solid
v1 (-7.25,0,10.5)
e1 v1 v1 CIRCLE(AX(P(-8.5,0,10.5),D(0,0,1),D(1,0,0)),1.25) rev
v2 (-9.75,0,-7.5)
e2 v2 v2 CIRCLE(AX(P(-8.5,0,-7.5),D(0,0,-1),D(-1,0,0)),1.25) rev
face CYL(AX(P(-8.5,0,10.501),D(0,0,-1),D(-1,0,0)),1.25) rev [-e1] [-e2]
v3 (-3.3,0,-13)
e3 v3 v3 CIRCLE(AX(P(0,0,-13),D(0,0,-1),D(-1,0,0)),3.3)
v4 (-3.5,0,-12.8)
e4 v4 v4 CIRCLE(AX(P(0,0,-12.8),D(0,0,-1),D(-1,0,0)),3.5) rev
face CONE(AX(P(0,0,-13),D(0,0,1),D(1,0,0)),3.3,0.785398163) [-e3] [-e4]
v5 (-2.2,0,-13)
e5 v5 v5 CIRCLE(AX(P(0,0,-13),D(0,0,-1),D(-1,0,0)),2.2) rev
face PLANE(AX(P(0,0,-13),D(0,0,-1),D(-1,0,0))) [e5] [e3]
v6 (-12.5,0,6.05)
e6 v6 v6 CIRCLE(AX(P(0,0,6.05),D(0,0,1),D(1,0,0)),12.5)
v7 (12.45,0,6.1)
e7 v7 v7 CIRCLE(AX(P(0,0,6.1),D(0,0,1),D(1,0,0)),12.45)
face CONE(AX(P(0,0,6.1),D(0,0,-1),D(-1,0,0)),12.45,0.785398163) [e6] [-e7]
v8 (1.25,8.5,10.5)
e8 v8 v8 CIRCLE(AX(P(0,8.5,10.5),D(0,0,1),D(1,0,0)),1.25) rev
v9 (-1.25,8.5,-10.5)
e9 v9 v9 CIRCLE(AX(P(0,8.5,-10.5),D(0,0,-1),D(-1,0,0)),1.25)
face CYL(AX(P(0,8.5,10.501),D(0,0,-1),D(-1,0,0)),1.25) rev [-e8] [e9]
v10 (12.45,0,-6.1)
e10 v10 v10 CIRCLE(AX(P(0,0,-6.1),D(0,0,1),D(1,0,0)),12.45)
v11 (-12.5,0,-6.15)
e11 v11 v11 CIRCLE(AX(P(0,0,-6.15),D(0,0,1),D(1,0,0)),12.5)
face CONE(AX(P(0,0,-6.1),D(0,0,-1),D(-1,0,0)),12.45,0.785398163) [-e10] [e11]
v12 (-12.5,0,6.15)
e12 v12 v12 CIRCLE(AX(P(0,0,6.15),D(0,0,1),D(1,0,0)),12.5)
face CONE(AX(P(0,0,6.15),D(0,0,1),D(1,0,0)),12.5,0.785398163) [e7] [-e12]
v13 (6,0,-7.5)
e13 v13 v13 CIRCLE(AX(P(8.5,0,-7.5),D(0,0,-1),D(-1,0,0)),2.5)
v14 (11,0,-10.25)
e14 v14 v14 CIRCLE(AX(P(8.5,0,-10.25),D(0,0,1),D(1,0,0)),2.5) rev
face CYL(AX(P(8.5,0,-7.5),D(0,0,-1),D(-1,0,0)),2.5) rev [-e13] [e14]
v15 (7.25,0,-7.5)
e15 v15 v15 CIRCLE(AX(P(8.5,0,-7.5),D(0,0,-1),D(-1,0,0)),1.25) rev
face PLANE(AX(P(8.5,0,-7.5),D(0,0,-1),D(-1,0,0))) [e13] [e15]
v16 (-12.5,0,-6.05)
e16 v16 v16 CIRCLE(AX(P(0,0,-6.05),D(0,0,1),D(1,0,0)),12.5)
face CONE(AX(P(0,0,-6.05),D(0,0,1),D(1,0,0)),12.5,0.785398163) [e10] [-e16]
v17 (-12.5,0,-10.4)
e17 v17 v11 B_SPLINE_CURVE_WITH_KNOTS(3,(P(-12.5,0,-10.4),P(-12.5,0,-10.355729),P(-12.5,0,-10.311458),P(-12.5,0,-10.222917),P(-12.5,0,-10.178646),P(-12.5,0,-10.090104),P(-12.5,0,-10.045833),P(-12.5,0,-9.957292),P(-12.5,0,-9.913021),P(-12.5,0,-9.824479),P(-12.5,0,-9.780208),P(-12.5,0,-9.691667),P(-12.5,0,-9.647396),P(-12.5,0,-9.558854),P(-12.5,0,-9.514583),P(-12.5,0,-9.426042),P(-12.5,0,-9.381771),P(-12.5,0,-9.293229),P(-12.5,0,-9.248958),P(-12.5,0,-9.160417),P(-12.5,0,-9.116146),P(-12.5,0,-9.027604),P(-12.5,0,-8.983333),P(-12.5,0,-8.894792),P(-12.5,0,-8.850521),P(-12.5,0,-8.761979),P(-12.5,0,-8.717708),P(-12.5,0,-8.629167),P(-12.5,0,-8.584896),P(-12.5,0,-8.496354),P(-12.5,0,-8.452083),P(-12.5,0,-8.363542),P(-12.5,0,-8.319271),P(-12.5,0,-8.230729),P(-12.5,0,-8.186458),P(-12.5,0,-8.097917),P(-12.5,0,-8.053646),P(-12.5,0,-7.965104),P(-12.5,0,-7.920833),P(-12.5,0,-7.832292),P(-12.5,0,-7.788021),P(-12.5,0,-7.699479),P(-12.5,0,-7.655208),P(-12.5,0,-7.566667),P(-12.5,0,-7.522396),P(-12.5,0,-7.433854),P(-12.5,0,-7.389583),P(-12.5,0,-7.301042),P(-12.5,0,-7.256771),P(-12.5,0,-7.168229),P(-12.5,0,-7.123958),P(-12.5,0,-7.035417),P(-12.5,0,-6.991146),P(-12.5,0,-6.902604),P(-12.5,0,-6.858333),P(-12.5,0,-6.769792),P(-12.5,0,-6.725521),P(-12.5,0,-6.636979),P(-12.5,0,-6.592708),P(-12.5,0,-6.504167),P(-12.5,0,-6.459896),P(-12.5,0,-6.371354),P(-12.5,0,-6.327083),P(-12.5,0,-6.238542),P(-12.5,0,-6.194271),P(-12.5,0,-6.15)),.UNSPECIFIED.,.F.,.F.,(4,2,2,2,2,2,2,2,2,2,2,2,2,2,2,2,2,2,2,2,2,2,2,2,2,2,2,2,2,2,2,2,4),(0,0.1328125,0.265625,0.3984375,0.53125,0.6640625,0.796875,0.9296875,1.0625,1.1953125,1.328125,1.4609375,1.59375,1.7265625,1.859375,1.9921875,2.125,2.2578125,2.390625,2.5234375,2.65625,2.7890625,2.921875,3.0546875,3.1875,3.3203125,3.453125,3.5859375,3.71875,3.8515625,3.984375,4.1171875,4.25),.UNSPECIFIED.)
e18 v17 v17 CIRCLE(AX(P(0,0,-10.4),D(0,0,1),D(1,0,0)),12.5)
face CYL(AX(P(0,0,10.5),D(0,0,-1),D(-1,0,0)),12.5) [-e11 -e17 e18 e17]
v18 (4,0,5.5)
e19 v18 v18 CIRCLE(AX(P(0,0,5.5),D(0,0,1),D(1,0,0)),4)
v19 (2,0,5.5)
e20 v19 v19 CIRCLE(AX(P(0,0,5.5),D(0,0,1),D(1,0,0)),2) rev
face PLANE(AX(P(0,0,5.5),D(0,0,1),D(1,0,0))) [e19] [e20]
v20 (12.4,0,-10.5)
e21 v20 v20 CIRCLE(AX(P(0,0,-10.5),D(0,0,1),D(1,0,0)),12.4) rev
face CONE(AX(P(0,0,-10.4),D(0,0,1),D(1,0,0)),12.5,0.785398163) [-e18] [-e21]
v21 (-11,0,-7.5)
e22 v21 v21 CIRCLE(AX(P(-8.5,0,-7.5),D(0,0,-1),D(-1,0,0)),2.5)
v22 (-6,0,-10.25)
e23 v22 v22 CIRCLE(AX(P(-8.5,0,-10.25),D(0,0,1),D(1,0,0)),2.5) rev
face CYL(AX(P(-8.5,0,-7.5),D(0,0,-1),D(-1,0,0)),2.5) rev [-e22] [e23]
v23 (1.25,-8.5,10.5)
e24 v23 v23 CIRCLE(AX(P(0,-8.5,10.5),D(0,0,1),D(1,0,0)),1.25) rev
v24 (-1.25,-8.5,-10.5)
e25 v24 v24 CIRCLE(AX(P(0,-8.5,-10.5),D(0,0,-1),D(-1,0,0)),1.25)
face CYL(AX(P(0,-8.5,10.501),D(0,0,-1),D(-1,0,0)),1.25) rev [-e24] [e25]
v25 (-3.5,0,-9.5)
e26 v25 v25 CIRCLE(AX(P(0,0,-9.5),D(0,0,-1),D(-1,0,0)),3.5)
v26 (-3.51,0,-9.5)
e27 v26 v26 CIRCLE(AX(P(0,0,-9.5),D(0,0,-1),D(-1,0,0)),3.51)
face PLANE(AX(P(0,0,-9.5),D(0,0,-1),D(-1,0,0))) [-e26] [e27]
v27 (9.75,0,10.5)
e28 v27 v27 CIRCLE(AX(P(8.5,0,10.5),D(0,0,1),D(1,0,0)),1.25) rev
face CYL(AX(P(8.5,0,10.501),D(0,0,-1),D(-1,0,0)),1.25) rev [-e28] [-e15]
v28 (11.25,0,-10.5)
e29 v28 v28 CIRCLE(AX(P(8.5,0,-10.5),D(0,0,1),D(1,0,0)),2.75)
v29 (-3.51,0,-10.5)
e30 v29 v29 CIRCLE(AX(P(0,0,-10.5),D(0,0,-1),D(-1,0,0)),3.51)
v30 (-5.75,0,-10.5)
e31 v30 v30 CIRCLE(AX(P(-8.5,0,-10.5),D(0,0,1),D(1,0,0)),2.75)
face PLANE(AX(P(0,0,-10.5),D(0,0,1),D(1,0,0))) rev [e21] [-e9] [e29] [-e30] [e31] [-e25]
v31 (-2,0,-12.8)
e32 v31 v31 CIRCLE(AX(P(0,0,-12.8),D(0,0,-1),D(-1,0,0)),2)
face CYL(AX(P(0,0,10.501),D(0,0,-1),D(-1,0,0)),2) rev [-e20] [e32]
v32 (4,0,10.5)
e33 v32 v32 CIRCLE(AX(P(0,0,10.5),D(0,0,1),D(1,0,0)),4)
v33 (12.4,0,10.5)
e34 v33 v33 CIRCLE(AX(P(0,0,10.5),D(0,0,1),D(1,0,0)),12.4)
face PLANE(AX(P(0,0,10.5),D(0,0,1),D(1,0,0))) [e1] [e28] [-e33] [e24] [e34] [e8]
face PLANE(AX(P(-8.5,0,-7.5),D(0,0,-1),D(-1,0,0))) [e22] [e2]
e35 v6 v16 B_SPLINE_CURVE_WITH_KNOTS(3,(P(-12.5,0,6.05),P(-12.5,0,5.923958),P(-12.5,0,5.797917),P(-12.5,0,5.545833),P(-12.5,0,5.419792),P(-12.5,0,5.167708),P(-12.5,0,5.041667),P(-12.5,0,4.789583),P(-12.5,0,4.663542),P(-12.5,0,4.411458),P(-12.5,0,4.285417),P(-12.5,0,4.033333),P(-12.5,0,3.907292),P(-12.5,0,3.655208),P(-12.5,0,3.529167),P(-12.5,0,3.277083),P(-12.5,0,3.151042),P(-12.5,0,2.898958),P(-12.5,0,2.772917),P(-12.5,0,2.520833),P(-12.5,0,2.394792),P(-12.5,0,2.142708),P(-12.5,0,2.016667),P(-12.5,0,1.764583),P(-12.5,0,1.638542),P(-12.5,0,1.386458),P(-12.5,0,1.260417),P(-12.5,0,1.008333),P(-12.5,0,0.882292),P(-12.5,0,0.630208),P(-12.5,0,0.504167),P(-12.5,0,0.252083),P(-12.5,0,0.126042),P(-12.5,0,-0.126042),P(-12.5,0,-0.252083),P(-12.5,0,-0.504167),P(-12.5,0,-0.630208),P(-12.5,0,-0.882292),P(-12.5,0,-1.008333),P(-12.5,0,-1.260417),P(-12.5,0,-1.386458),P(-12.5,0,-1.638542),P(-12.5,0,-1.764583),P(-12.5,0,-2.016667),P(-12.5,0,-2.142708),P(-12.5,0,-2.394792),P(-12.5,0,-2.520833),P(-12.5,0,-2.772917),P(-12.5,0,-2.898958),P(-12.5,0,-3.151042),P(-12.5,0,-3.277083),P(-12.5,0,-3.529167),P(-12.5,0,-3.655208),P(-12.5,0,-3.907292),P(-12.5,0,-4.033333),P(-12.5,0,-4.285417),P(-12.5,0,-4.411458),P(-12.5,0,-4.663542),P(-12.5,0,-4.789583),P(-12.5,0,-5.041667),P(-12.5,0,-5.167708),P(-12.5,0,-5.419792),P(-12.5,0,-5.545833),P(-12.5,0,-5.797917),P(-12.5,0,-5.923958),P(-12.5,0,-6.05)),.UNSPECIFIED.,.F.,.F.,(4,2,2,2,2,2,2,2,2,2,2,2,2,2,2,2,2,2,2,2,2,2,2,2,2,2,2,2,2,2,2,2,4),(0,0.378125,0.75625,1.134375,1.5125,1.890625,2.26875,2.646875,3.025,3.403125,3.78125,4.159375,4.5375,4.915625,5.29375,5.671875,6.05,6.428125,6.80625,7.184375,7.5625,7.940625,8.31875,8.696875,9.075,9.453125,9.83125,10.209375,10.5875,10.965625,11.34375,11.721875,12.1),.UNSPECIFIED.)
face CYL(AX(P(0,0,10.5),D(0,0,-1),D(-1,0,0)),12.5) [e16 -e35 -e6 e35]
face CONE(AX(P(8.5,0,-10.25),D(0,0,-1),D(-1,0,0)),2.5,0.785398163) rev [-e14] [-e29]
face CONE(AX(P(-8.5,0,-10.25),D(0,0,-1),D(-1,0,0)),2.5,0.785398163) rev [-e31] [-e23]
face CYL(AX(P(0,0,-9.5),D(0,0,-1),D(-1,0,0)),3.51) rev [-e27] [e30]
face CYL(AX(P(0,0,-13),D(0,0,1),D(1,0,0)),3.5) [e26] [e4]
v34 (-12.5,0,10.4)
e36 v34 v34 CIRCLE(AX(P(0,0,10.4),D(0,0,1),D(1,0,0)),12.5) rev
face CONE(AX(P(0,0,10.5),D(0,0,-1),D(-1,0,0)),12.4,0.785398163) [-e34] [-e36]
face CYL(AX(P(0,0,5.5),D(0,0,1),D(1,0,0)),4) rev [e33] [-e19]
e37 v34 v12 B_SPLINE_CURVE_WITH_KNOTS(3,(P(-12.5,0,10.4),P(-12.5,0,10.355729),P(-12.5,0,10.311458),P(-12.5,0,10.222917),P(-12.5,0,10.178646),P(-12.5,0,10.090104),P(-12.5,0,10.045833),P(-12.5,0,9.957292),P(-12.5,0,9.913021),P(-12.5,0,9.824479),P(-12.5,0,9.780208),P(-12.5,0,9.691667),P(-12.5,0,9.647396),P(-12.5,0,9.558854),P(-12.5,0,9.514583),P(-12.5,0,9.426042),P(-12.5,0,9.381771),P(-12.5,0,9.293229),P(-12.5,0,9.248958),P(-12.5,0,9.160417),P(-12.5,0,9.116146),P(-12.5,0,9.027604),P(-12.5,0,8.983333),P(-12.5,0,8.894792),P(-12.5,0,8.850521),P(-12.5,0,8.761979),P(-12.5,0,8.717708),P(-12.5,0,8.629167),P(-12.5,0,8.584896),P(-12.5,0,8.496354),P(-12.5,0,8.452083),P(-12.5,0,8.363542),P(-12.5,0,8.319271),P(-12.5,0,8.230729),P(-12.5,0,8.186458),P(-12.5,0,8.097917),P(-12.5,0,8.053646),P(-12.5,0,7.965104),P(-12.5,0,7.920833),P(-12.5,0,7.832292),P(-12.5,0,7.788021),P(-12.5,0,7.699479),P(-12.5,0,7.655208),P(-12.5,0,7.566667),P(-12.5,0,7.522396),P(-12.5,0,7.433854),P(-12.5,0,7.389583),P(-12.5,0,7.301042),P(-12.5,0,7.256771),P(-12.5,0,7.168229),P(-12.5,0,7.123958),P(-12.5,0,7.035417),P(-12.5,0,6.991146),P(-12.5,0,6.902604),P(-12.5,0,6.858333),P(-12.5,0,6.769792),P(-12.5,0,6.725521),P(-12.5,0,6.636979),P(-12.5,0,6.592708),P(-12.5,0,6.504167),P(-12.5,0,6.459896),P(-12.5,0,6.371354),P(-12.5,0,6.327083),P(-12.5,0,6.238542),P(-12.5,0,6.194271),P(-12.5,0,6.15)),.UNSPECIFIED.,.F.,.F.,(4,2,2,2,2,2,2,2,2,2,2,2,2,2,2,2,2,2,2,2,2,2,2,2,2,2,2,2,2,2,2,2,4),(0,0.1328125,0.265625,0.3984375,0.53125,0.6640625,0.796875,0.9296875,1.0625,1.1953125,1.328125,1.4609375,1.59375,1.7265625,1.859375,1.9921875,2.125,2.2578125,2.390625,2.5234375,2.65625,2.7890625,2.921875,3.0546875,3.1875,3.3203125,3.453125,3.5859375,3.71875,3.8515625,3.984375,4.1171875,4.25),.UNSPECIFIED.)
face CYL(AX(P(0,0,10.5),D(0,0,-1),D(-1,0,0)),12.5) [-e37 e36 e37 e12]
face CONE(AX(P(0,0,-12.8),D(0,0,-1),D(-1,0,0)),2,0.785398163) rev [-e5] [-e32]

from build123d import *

# Parameters (mm, degrees)
SKETCH1_R           = 12.5
BOSS_EXTRUDE1_DEPTH = 10.5
CHAMFER1_SIZE       = 0.1
SKETCH4_R           = 3.51
CUT_EXTRUDE1_DEPTH  = 1
SKETCH5_R           = 3.5
BOSS_EXTRUDE2_DEPTH = 3.5
CUT_EXTRUDE2_REACH  = 31.407
SKETCH6_R           = 2
SKETCH7_R           = 4
CUT_EXTRUDE3_DEPTH  = 5
CHAMFER2_SIZE       = 0.2
CUT_EXTRUDE4_REACH  = 29.45
SKETCH8_R           = 1.25
SKETCH9_R           = 2.5
CUT_EXTRUDE5_DEPTH  = 3
CHAMFER3_SIZE       = 0.25


with BuildPart() as part:
    # Sketch1 → Boss-Extrude1 (new, symmetric)
    with BuildSketch(Plane.XY):
        with Locations(Location((0, 0, 0), (0, 0, 180))):
            Circle(SKETCH1_R)
    extrude(amount=BOSS_EXTRUDE1_DEPTH, both=True)

    # Sketch2 → Cut-Revolve1 (revolve, cut)
    with BuildSketch(Plane(origin=(0, 0, 0), x_dir=(0, 0, -1), z_dir=(1, 0, 0)), mode=Mode.PRIVATE) as cut_revolve1_sk:
        Polygon((-6.15, 12.5), (-6.05, 12.5), (-6.1, 12.45), align=None)
        Polygon((6.05, 12.5), (6.15, 12.5), (6.1, 12.45), align=None)
    revolve(cut_revolve1_sk.sketch.rotate(Axis((0, 0, 10.5), (0, 0, -1)), 270), axis=Axis((0, 0, 10.5), (0, 0, -1)), mode=Mode.SUBTRACT)

    # Chamfer1
    chamfer1_edges = [part.edges().sort_by_distance(p)[0] for p in [
        (12.5, 0, -10.5),
        (12.5, 0, 10.5),
    ]]
    chamfer(chamfer1_edges, length=CHAMFER1_SIZE)

    # Sketch4 → Cut-Extrude1 (cut)
    with BuildSketch(Plane(origin=(0, 0, -10.5), x_dir=(-1, 0, 0), z_dir=(0, 0, -1))):
        Circle(SKETCH4_R)
    extrude(amount=-CUT_EXTRUDE1_DEPTH, mode=Mode.SUBTRACT)

    # Sketch5 → Boss-Extrude2 (add)
    with BuildSketch(Plane(origin=(0, 0, -9.5), x_dir=(-1, 0, 0), z_dir=(0, 0, -1))):
        Circle(SKETCH5_R)
    extrude(amount=BOSS_EXTRUDE2_DEPTH)

    # Sketch6 → Cut-Extrude2 (cut, up to next)
    with BuildSketch(Plane(origin=(0, 0, -13), x_dir=(-1, 0, 0), z_dir=(0, 0, -1)), mode=Mode.PRIVATE) as cut_extrude2_sk1:
        Circle(SKETCH6_R)
    cut_extrude2_tool1 = extrude(cut_extrude2_sk1.sketch, amount=-CUT_EXTRUDE2_REACH, mode=Mode.PRIVATE) & part.part
    add(cut_extrude2_tool1.solids().sort_by_distance((0, 0, -13))[0], mode=Mode.SUBTRACT)

    # Sketch7 → Cut-Extrude3 (cut)
    with BuildSketch(Plane.XY.offset(10.5)):
        Circle(SKETCH7_R)
    extrude(amount=-CUT_EXTRUDE3_DEPTH, mode=Mode.SUBTRACT)

    # Chamfer2
    chamfer2_edges = [part.edges().sort_by_distance(p)[0] for p in [
        (3.5, 0, -13),
        (2, 0, -13),
    ]]
    chamfer(chamfer2_edges, length=CHAMFER2_SIZE)

    # Sketch8 → Cut-Extrude4 (cut, up to next)
    with BuildSketch(Plane(origin=(0, 0, -10.5), x_dir=(-1, 0, 0), z_dir=(0, 0, -1)), mode=Mode.PRIVATE) as cut_extrude4_sk1:
        with Locations((0, 8.5)):
            Circle(SKETCH8_R)
    cut_extrude4_tool1 = extrude(cut_extrude4_sk1.sketch, amount=-CUT_EXTRUDE4_REACH, mode=Mode.PRIVATE) & part.part
    # Sketch8 → Cut-Extrude4 (cut, up to next)
    with BuildSketch(Plane(origin=(0, 0, -10.5), x_dir=(-1, 0, 0), z_dir=(0, 0, -1)), mode=Mode.PRIVATE) as cut_extrude4_sk2:
        with Locations((8.5, 0)):
            Circle(SKETCH8_R)
    cut_extrude4_tool2 = extrude(cut_extrude4_sk2.sketch, amount=-CUT_EXTRUDE4_REACH, mode=Mode.PRIVATE) & part.part
    # Sketch8 → Cut-Extrude4 (cut, up to next)
    with BuildSketch(Plane(origin=(0, 0, -10.5), x_dir=(-1, 0, 0), z_dir=(0, 0, -1)), mode=Mode.PRIVATE) as cut_extrude4_sk3:
        with Locations((0, -8.5)):
            Circle(SKETCH8_R)
    cut_extrude4_tool3 = extrude(cut_extrude4_sk3.sketch, amount=-CUT_EXTRUDE4_REACH, mode=Mode.PRIVATE) & part.part
    # Sketch8 → Cut-Extrude4 (cut, up to next)
    with BuildSketch(Plane(origin=(0, 0, -10.5), x_dir=(-1, 0, 0), z_dir=(0, 0, -1)), mode=Mode.PRIVATE) as cut_extrude4_sk4:
        with Locations((-8.5, 0)):
            Circle(SKETCH8_R)
    cut_extrude4_tool4 = extrude(cut_extrude4_sk4.sketch, amount=-CUT_EXTRUDE4_REACH, mode=Mode.PRIVATE) & part.part
    add(cut_extrude4_tool1.solids().sort_by_distance((0, 8.5, -10.5))[0], mode=Mode.SUBTRACT)
    add(cut_extrude4_tool2.solids().sort_by_distance((-8.5, 0, -10.5))[0], mode=Mode.SUBTRACT)
    add(cut_extrude4_tool3.solids().sort_by_distance((0, -8.5, -10.5))[0], mode=Mode.SUBTRACT)
    add(cut_extrude4_tool4.solids().sort_by_distance((8.5, 0, -10.5))[0], mode=Mode.SUBTRACT)

    # Sketch9 → Cut-Extrude5 (cut)
    with BuildSketch(Plane(origin=(0, 0, -10.5), x_dir=(-1, 0, 0), z_dir=(0, 0, -1))):
        with Locations((-8.5, 0)):
            Circle(SKETCH9_R)
        with Locations((8.5, 0)):
            Circle(SKETCH9_R)
    extrude(amount=-CUT_EXTRUDE5_DEPTH, mode=Mode.SUBTRACT)

    # Chamfer3
    chamfer3_edges = [part.edges().sort_by_distance(p)[0] for p in [
        (11, 0, -10.5),
        (-6, 0, -10.5),
    ]]
    chamfer(chamfer3_edges, length=CHAMFER3_SIZE)


solid = part.part
